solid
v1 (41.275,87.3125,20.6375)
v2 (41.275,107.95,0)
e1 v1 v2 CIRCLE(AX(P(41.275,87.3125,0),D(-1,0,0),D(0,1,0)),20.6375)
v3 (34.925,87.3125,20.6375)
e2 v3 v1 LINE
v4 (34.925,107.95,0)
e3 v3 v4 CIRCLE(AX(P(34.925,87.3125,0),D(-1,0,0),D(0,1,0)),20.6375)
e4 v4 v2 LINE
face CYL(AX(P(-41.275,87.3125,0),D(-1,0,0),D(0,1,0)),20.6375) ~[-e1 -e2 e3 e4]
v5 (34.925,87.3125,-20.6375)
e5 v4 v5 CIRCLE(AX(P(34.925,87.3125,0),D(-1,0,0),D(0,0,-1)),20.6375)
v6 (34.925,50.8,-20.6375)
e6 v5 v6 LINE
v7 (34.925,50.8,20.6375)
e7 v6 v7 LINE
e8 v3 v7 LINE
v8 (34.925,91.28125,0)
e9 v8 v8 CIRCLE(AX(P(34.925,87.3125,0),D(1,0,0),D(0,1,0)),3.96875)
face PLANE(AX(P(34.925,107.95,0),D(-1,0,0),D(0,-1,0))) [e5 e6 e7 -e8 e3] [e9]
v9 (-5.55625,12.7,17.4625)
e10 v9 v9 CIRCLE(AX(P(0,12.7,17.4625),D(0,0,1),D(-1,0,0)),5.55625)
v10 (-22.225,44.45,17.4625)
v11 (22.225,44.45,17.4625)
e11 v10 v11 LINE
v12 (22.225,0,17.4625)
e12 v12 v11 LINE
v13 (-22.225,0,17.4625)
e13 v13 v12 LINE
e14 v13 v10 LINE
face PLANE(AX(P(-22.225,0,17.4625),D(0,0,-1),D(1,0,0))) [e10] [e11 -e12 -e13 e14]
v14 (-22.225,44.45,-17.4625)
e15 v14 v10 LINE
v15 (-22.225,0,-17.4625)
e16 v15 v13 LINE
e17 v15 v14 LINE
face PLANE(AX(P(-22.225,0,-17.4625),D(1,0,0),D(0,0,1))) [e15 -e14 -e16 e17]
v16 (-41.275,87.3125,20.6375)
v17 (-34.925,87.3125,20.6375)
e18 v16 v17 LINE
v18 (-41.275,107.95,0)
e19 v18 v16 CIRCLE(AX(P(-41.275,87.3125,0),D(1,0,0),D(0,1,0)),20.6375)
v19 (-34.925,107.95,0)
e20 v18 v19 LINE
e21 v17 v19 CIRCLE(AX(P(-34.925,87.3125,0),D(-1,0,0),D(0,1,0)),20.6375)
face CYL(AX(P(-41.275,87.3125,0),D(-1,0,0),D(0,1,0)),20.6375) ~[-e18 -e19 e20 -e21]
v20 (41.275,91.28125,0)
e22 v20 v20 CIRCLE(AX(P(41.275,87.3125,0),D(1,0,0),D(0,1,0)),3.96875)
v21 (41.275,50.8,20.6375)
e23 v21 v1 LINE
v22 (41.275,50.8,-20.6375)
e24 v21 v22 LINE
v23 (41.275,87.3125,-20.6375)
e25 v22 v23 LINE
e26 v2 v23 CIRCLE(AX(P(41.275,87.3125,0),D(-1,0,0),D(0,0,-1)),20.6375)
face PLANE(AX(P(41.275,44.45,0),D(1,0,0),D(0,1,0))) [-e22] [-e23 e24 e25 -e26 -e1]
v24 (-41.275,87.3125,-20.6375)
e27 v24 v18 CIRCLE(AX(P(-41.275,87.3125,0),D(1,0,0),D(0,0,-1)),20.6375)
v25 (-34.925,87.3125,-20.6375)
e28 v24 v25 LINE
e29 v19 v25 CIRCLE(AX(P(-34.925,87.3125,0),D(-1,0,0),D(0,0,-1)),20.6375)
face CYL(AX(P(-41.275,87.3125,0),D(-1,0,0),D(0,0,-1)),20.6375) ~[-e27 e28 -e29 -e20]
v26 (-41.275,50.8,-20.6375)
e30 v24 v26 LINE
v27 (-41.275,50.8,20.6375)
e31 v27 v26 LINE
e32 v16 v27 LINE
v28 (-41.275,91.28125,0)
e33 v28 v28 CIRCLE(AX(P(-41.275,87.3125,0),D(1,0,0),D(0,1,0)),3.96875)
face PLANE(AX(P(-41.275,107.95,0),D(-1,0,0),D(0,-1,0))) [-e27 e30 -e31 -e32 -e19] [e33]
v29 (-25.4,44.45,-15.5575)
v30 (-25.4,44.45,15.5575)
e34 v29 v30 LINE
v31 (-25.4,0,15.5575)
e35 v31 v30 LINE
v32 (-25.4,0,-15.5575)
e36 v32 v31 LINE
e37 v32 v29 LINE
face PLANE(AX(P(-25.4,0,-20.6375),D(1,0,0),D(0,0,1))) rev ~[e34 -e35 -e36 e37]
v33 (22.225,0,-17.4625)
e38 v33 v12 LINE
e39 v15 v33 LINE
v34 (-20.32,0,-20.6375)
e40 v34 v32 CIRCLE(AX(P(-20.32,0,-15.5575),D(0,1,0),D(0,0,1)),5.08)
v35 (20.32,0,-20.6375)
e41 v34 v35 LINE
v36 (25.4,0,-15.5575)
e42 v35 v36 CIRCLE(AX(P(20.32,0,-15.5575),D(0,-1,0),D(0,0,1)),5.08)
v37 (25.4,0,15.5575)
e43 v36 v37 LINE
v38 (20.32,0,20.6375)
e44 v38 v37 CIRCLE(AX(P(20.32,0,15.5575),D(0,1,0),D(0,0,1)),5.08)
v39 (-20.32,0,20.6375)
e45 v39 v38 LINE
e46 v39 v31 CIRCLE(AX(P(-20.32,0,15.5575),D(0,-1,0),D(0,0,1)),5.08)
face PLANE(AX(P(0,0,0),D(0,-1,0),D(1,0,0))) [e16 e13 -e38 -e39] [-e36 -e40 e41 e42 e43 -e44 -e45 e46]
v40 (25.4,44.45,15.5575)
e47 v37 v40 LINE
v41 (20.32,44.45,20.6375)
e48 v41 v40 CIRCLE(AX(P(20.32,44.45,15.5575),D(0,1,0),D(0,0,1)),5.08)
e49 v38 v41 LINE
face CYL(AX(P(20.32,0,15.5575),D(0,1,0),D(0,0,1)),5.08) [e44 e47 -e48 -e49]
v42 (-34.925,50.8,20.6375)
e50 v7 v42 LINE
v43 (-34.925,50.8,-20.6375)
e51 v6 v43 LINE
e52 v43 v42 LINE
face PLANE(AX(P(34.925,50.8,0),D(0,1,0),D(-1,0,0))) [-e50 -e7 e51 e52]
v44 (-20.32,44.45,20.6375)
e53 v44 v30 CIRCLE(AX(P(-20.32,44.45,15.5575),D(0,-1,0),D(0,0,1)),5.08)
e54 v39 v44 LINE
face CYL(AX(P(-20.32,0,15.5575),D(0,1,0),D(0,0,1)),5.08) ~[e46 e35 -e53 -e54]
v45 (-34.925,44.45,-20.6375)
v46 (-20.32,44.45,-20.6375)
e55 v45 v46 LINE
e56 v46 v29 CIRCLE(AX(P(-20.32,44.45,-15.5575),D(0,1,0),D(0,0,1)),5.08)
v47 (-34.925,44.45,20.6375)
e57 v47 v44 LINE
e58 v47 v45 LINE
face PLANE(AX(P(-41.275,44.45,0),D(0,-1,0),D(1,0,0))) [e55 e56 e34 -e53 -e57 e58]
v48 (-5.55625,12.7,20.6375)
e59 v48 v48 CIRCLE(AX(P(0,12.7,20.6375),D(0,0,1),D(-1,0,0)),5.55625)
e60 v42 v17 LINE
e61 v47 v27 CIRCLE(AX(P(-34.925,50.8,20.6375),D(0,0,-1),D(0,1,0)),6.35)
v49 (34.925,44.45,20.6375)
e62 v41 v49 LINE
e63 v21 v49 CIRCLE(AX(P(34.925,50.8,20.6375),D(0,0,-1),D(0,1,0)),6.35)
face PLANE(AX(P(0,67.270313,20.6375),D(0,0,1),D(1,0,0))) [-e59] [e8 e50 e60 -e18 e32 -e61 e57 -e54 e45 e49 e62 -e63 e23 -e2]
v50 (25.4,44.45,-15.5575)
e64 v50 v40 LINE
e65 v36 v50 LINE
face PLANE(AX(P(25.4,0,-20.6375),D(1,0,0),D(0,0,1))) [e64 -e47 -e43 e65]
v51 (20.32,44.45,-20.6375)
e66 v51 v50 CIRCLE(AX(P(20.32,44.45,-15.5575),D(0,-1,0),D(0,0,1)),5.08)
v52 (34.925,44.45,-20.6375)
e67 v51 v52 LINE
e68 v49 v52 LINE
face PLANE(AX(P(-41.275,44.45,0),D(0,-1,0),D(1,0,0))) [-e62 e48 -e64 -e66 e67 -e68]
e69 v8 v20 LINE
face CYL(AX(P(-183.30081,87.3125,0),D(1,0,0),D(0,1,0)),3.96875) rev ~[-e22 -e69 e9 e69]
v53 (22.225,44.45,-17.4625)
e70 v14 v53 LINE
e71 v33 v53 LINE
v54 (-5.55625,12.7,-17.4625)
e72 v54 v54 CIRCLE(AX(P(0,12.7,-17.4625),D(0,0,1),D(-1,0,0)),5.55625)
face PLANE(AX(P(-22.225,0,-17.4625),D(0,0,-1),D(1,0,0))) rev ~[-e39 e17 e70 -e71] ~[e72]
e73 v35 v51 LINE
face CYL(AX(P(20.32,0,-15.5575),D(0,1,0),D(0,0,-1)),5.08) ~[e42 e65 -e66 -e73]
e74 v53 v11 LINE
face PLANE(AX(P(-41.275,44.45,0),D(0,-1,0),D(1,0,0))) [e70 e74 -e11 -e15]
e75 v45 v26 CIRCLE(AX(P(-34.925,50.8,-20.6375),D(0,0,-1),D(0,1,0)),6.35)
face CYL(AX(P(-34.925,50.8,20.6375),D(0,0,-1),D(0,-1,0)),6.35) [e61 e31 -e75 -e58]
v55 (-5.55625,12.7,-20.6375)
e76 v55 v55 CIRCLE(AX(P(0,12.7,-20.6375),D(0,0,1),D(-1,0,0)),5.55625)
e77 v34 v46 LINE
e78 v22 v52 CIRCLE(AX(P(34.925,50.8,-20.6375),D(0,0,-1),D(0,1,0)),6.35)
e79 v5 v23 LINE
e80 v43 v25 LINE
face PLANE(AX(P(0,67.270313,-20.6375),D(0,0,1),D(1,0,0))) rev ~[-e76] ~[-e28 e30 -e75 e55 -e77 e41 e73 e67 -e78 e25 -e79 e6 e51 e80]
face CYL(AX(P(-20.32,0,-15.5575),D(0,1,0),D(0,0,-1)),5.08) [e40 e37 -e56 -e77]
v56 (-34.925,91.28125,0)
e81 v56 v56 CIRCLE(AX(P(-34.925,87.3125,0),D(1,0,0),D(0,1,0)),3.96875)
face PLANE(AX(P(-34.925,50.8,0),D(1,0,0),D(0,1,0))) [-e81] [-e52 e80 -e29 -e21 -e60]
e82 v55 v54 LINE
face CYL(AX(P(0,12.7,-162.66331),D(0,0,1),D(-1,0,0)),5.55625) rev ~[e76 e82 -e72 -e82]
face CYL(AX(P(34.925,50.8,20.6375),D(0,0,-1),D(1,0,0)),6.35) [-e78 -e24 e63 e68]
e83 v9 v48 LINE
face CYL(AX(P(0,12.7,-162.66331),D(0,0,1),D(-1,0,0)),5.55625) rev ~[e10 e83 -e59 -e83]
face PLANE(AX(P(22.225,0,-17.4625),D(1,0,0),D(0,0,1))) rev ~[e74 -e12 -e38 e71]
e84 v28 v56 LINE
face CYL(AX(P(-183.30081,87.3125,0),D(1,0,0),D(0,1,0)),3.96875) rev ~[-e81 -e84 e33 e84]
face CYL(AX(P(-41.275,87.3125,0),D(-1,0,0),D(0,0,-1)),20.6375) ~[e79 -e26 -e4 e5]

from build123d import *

# Parameters (mm, degrees)
F0_W     = 50.8
F0_H     = 41.275
F0_W_2   = 44.45
F0_H_2   = 34.925
F1_DEPTH = 44.45
F3_DEPTH = 20.6375
F5_DEPTH = 82.551
F7_D     = 7.9375
F8_R     = 6.35
F9_R     = 5.08
F11_D    = 11.1125


with BuildPart() as f1:
    # F0 (on Front) → F1 (new body)
    with BuildSketch(Plane.XZ):
        Rectangle(F0_W, F0_H)
        Rectangle(F0_W_2, F0_H_2, mode=Mode.SUBTRACT)
    extrude(amount=-F1_DEPTH)

    # F2 (on Top) → F3 (join, symmetric)
    with BuildSketch(Plane.XY):
        Polygon((41.275, 44.45), (41.275, 107.95), (34.925, 107.95), (34.925, 101.6), (34.925, 50.8), (-34.925, 50.8), (-34.925, 101.6), (-34.925, 107.95), (-41.275, 107.95), (-41.275, 44.45), align=None)
    extrude(amount=F3_DEPTH, both=True)

    # F4 (on face) → F5 (cut, through all)
    with BuildSketch(Plane(origin=(-41.275, 0, 0), x_dir=(0, -1, 0), z_dir=(-1, 0, 0))):
        with BuildLine():
            Line((-107.95, -20.6375), (-87.3125, -20.6375))
            ThreePointArc((-87.3125, -20.6375), (-101.9054161967, -14.5929161967), (-107.95, 0))
            Line((-107.95, 0), (-107.95, -20.6375))
        make_face()
        with BuildLine():
            ThreePointArc((-107.95, 0), (-101.9054161967, 14.5929161967), (-87.3125, 20.6375))
            Line((-87.3125, 20.6375), (-107.95, 20.6375))
            Line((-107.95, 20.6375), (-107.95, 0))
        make_face()
    extrude(amount=-F5_DEPTH, mode=Mode.SUBTRACT)

    # F7 (through all)
    with Locations(Plane(origin=(-41.275, 0, 0), x_dir=(0, -1, 0), z_dir=(-1, 0, 0))):
        with Locations((-87.3125, 0)):
            Hole(F7_D / 2)

    # F8
    f8_edges = [f1.edges().sort_by_distance(p)[0] for p in [
        (-41.275, 44.45, 0),
        (41.275, 44.45, 0),
    ]]
    fillet(f8_edges, radius=F8_R)

    # F9
    f9_edges = [f1.edges().sort_by_distance(p)[0] for p in [
        (-25.4, 22.225, 20.6375),
        (25.4, 22.225, 20.6375),
        (25.4, 22.225, -20.6375),
        (-25.4, 22.225, -20.6375),
    ]]
    fillet(f9_edges, radius=F9_R)

    # F11 (through all)
    with Locations(Plane(origin=(0, 0, -20.6375), x_dir=(1, 0, 0), z_dir=(0, 0, -1))):
        with Locations((0, -12.7)):
            Hole(F11_D / 2)


solid = f1.part
